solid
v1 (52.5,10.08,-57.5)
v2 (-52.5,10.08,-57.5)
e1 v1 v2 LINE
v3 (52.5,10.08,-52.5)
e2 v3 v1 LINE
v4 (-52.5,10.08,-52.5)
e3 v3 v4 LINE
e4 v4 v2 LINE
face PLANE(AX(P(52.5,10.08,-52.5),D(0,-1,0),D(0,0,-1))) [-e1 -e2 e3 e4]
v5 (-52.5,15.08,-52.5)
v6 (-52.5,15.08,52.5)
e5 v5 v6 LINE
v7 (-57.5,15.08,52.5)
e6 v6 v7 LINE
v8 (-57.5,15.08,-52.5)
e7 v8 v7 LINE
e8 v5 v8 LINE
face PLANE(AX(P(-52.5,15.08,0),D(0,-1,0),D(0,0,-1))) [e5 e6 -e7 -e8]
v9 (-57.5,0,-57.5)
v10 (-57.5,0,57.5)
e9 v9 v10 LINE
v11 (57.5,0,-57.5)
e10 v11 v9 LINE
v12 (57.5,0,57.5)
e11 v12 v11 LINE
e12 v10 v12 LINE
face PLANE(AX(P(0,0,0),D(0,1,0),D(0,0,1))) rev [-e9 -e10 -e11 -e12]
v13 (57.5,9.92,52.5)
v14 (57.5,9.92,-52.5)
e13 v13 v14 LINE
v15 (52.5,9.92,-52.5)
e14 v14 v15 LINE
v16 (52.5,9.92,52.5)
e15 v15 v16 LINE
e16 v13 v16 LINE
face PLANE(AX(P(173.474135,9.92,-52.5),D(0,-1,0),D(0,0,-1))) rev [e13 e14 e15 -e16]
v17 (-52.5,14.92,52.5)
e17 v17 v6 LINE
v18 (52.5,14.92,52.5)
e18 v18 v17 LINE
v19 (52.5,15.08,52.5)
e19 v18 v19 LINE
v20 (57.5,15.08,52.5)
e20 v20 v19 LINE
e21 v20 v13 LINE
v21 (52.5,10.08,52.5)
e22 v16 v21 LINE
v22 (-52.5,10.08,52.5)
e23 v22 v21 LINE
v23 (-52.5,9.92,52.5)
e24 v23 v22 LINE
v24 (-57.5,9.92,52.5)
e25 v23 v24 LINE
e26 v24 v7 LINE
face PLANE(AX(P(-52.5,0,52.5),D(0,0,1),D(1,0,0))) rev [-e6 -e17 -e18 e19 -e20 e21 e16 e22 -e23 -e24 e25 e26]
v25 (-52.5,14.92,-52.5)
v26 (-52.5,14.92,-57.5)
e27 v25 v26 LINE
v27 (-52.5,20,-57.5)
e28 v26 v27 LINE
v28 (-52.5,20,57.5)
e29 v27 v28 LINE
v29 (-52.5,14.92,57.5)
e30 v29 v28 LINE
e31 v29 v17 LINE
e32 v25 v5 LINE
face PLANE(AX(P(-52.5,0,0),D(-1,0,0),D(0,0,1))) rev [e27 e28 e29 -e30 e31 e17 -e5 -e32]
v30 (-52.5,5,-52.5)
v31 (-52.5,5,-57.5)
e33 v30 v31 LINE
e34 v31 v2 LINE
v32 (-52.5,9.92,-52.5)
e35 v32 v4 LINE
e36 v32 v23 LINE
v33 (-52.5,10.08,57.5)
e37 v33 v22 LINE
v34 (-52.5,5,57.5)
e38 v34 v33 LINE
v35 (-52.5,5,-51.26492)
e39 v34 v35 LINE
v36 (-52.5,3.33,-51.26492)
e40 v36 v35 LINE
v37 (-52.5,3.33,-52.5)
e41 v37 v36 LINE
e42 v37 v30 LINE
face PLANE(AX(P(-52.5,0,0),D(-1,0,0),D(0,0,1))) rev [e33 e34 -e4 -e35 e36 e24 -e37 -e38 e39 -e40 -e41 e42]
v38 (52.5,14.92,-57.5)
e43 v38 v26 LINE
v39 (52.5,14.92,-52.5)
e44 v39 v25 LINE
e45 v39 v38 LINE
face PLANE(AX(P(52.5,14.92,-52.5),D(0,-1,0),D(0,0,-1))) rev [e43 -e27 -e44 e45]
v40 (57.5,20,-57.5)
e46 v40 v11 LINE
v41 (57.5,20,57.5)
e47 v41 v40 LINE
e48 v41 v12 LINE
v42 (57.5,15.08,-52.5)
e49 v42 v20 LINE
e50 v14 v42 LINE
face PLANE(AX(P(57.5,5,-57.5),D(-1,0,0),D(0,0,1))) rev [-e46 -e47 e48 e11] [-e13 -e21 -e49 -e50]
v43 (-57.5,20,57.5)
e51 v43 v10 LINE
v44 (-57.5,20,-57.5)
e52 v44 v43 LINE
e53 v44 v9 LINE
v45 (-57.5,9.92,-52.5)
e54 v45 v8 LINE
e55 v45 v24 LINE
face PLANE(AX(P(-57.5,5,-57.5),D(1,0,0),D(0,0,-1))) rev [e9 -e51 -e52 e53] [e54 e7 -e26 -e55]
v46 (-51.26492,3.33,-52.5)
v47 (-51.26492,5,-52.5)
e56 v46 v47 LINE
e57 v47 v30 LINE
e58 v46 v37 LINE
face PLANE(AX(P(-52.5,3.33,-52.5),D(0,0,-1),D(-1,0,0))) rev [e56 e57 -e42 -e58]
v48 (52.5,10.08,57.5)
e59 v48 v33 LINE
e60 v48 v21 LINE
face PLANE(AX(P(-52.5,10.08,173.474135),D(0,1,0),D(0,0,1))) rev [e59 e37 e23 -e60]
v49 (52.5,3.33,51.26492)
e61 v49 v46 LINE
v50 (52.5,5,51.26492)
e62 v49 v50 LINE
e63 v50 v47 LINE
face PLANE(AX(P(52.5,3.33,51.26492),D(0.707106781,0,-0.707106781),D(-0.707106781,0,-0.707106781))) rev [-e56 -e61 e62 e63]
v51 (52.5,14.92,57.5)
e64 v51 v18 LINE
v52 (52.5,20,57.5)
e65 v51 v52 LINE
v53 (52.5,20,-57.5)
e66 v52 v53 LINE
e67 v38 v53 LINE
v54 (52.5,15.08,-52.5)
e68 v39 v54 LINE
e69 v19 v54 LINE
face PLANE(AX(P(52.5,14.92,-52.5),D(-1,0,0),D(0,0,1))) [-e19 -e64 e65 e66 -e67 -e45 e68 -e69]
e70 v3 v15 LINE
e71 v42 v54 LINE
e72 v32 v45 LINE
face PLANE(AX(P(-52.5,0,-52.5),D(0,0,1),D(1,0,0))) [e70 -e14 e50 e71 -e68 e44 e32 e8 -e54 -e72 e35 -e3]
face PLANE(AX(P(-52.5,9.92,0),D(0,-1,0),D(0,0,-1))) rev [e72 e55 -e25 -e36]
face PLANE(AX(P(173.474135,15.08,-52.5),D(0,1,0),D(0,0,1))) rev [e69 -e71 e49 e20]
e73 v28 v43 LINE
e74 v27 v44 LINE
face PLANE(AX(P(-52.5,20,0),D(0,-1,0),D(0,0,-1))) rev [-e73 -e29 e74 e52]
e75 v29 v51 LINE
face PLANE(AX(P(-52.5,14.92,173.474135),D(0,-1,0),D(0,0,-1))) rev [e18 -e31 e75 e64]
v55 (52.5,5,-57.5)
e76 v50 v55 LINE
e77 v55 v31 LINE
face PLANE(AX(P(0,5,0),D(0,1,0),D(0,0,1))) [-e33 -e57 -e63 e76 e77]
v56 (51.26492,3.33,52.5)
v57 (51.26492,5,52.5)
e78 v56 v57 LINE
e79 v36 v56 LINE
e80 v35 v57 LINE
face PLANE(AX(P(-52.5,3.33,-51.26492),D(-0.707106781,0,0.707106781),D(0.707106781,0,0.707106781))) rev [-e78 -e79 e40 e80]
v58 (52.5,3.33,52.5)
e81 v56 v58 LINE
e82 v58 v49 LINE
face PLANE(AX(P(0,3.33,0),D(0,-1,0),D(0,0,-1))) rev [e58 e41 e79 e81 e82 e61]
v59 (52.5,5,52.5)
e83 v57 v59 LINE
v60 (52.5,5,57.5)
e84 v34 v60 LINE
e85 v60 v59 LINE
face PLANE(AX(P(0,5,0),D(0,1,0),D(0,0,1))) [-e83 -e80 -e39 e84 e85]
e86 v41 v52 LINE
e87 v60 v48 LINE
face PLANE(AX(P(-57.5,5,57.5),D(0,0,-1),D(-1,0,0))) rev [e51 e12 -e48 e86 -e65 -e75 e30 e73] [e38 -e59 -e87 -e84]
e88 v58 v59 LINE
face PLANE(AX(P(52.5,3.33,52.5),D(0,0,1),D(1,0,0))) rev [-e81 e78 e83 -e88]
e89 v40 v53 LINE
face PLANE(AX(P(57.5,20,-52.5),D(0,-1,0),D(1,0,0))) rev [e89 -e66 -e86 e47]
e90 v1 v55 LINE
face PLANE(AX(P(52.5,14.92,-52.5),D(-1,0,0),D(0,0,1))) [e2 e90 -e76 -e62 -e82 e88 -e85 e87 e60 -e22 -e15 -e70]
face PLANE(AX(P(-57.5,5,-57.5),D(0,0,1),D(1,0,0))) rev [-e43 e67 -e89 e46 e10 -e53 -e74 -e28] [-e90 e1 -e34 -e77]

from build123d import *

# Parameters (mm, degrees)
SKETCH1_W          = 115
SKETCH1_H          = 115
BASE_DEPTH         = 5
SKETCH2_W          = 115
SKETCH2_H          = 15
SKETCH2_W_2        = 105
SKETCH2_H_2        = 5.16
FRAME1_DEPTH       = 5
FRAME2_START       = -5
FRAME2_DEPTH       = 5
FRAME3_START       = -110
SKETCH2_4_W        = 115
SKETCH2_4_H        = 15
SKETCH2_4_W_2      = 105
SKETCH2_4_H_2      = 5.16
FRAME3_DEPTH       = 5
FRAME4_START       = -110
FRAME4_DEPTH       = 5
ANGLED_TRACK_DEPTH = 1.67


with BuildPart() as part:
    # Sketch1 → Base (new body)
    with BuildSketch(Plane(origin=(0, 0, 0), x_dir=(1, 0, 0), z_dir=(0, 1, 0))):
        Rectangle(SKETCH1_W, SKETCH1_H)
    extrude(amount=BASE_DEPTH)

    # Sketch2 → Frame1 (add)
    with BuildSketch(Plane.ZY.offset(57.5)):
        with Locations((0, 12.5)):
            Rectangle(SKETCH2_W, SKETCH2_H)
        with Locations((0, 12.5)):
            Rectangle(SKETCH2_W_2, SKETCH2_H_2, mode=Mode.SUBTRACT)
    extrude(amount=-FRAME1_DEPTH)

    # Sketch4 → Frame2 (add)
    with BuildSketch(Plane(origin=(0, 0, -57.5), x_dir=(-1, 0, 0), z_dir=(0, 0, -1)).offset(FRAME2_START)):
        Polygon((-57.5, 5), (-52.5, 5), (-52.5, 10.08), (52.5, 10.08), (52.5, 5), (57.5, 5), (57.5, 20), (52.5, 20), (52.5, 14.92), (-52.5, 14.92), (-52.5, 20), (-57.5, 20), align=None)
    extrude(amount=FRAME2_DEPTH)

    # Sketch2<4> → Frame3 (add)
    with BuildSketch(Plane.ZY.offset(57.5).offset(FRAME3_START)):
        with Locations((0, 12.5)):
            Rectangle(SKETCH2_4_W, SKETCH2_4_H)
        with Locations((0, 12.5)):
            Rectangle(SKETCH2_4_W_2, SKETCH2_4_H_2, mode=Mode.SUBTRACT)
    extrude(amount=-FRAME3_DEPTH)

    # Sketch4<3> → Frame4 (add)
    with BuildSketch(Plane(origin=(0, 0, -57.5), x_dir=(-1, 0, 0), z_dir=(0, 0, -1)).offset(FRAME4_START)):
        Polygon((-57.5, 5), (-52.5, 5), (-52.5, 10.08), (52.5, 10.08), (52.5, 5), (57.5, 5), (57.5, 20), (52.5, 20), (52.5, 14.92), (-52.5, 14.92), (-52.5, 20), (-57.5, 20), align=None)
    extrude(amount=-FRAME4_DEPTH)

    # Sketch7 → Angled Track (cut)
    with BuildSketch(Plane(origin=(0, 5, 0), x_dir=(1, 0, 0), z_dir=(0, 1, 0))):
        Polygon((52.5, -51.264920156), (-51.264920156, 52.5), (-52.5, 52.5), (-52.5, 51.264920156), (51.264920156, -52.5), (52.5, -52.5), align=None)
    extrude(amount=-ANGLED_TRACK_DEPTH, mode=Mode.SUBTRACT)


solid = part.part
